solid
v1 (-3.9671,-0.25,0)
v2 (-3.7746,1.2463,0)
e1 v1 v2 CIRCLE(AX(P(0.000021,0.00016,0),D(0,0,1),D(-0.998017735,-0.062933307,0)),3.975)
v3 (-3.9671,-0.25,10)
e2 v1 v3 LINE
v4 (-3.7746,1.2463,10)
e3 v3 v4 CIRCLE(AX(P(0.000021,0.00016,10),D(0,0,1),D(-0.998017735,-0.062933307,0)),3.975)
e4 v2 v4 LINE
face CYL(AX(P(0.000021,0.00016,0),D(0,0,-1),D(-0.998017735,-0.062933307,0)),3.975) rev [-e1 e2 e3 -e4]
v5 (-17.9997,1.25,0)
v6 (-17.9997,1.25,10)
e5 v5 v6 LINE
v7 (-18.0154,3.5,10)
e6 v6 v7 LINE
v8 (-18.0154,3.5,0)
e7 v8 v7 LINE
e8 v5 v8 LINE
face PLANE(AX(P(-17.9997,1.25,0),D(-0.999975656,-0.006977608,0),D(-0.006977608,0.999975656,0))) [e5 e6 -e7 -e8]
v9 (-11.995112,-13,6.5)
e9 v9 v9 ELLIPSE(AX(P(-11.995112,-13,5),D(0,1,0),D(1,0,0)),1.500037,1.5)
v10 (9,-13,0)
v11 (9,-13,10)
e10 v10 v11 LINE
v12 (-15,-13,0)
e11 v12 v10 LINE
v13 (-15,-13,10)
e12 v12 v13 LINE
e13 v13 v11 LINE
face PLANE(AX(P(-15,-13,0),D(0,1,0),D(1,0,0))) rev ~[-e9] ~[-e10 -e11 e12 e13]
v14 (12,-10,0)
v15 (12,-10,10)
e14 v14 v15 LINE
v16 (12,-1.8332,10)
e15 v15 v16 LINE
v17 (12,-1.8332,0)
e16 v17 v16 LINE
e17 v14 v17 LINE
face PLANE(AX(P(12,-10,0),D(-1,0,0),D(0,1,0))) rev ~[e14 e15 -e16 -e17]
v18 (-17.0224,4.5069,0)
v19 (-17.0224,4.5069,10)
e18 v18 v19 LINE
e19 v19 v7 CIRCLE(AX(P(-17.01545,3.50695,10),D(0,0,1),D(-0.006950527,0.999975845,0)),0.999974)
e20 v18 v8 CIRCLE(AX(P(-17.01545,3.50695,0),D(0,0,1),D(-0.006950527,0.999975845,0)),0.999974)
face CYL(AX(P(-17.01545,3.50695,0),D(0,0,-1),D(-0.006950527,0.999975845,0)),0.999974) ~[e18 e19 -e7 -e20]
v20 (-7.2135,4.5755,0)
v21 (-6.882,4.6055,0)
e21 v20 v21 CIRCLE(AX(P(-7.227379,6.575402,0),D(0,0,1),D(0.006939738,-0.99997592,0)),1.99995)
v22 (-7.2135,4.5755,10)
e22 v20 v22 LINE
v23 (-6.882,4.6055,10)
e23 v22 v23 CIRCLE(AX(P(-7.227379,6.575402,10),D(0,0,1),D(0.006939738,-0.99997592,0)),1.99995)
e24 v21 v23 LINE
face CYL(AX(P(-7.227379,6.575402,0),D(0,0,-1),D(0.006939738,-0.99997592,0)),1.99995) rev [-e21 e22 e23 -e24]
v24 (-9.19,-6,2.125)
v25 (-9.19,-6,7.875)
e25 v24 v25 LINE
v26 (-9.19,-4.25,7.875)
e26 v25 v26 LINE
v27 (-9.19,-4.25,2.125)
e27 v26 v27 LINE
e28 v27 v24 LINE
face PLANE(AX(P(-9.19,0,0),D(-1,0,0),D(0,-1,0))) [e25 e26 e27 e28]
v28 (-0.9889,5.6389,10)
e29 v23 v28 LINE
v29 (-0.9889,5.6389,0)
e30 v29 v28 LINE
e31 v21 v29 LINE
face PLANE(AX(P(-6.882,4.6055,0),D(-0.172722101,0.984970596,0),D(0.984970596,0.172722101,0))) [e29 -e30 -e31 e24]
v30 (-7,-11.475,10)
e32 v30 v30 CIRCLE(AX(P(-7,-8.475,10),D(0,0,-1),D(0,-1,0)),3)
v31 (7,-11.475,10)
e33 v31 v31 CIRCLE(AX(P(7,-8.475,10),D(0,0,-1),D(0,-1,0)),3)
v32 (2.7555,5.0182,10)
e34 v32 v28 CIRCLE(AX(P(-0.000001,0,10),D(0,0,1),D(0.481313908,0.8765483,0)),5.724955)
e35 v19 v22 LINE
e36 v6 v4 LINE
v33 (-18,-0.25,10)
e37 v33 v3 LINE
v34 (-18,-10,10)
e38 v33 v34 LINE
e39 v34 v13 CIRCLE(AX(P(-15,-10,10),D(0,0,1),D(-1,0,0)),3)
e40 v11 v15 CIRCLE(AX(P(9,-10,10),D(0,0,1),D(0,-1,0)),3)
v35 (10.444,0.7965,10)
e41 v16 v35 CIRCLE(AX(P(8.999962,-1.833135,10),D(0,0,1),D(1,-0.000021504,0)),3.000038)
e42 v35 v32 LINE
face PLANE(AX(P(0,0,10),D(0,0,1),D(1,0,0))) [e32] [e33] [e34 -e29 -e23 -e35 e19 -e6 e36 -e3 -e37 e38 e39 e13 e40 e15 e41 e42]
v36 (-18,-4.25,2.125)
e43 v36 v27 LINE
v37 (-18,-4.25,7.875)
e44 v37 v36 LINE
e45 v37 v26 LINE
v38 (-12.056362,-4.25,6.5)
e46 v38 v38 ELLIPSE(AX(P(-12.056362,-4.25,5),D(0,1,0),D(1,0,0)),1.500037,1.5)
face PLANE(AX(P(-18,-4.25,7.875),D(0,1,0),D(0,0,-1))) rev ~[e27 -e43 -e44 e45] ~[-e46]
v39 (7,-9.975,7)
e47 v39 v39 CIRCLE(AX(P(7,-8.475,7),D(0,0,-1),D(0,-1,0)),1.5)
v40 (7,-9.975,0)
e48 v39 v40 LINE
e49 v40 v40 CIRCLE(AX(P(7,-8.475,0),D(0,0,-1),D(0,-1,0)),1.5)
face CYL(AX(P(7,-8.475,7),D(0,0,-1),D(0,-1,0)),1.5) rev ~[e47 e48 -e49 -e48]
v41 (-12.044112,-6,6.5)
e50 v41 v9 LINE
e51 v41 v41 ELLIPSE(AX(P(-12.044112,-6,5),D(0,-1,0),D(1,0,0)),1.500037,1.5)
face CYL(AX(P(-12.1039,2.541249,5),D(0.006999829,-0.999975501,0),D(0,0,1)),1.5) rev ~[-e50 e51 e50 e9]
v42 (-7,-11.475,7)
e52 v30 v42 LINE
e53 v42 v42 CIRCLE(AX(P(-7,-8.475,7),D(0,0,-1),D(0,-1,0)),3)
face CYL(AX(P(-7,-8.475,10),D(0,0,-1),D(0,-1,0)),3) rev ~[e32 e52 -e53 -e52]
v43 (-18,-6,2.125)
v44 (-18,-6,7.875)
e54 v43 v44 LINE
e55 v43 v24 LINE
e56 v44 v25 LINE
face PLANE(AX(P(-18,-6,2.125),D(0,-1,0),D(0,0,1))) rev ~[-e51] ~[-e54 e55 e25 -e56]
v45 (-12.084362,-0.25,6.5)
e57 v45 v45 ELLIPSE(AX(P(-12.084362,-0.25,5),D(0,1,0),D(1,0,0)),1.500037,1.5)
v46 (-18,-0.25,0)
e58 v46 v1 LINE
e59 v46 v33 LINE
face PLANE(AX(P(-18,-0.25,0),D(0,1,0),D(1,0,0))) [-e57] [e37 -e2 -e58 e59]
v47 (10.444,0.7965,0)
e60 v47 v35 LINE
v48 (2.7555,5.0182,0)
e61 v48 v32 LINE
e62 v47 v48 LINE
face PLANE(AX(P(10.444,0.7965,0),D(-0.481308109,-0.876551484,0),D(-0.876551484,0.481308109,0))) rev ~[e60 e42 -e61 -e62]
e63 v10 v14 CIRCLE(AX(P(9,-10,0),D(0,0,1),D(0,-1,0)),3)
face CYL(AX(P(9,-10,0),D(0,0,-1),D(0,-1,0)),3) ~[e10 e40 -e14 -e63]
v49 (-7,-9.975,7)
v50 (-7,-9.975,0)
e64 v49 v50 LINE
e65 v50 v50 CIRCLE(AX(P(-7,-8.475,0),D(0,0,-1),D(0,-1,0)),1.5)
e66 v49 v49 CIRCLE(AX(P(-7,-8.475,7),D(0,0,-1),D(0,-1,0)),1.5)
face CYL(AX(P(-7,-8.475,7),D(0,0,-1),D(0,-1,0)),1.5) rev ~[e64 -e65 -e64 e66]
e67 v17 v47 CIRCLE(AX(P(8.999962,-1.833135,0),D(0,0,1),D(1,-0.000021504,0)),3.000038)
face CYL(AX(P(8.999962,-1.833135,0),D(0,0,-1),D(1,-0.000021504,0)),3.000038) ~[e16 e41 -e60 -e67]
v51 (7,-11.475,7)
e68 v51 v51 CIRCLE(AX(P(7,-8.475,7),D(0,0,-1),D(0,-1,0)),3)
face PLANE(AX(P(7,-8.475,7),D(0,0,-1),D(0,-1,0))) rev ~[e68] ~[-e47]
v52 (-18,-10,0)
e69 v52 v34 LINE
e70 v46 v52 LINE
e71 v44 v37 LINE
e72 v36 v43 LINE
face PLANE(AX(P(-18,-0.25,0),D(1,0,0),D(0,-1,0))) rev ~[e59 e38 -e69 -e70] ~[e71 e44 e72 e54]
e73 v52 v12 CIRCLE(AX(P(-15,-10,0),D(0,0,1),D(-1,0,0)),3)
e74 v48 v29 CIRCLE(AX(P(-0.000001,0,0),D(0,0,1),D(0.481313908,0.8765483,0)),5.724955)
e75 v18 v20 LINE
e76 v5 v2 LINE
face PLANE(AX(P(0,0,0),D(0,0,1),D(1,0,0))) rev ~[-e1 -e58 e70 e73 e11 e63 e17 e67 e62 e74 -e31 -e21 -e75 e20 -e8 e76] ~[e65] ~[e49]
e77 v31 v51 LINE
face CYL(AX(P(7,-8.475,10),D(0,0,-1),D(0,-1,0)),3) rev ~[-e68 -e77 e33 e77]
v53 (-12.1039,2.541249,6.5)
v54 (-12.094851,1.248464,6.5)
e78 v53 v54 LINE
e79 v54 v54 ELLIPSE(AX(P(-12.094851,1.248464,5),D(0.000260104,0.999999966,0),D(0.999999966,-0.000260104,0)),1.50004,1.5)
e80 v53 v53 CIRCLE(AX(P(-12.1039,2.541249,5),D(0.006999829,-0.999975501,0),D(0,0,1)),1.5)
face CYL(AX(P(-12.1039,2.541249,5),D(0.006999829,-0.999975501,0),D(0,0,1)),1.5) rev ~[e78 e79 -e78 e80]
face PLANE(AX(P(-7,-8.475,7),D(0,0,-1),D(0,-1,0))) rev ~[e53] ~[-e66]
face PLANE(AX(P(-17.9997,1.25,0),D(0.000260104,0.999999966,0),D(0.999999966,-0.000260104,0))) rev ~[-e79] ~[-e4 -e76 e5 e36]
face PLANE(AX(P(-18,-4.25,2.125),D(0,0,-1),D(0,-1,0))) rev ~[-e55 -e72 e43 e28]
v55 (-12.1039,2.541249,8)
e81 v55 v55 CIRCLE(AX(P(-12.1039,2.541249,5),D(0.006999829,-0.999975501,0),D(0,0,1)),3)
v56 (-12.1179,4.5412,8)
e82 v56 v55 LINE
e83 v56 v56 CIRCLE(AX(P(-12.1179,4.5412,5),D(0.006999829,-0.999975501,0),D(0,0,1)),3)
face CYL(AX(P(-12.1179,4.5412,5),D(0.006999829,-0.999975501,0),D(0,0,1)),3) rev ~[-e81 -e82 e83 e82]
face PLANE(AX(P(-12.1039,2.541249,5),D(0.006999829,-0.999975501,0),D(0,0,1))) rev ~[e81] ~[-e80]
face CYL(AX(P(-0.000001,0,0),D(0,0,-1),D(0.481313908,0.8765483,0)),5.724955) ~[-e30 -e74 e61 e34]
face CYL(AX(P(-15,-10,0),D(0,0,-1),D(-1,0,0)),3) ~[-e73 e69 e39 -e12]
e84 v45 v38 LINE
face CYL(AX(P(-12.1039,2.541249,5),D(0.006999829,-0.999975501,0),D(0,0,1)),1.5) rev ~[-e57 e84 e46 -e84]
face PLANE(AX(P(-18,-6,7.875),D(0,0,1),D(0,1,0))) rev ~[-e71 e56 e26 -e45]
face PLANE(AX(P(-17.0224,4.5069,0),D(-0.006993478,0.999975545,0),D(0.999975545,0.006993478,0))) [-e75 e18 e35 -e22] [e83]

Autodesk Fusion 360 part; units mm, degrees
sketch "Sketch4" plane through (0, 0, 0) normal (0, 0, 1) x (1, 0, 0)
  line L0 (-17.0224, 4.5069) -> (-7.2135, 4.5755)
  line L1 (-6.882, 4.6055) -> (-0.9889, 5.6389)
  line L2 (-18, 0) -> (-17.9997, 1.25) construction
  line L3 (-17.9997, 1.25) -> (-18.0154, 3.5)
  line L4 (-18, 0) -> (-18, -0.25) construction
  line L5 (-18, -0.25) -> (-3.9671, -0.25)
  line L6 (-17.9997, 1.25) -> (-3.7746, 1.2463)
  arc A0 (2.7555, 5.0182) -> (-0.9889, 5.6389) centre (0, 0) ccw
  arc A1 (-3.9671, -0.25) -> (-3.7746, 1.2463) centre (0, 0) ccw
  line L7 (-18, -0.25) -> (-18, -10)
  line L8 (-15, -13) -> (9, -13)
  line L9 (12, -10) -> (12, -1.8332)
  line L10 (10.444, 0.7965) -> (2.7555, 5.0182)
  arc A2 (-7.2135, 4.5755) -> (-6.882, 4.6055) centre (-7.2274, 6.5754) ccw
  arc A3 (-7.2135, 4.5755) -> (-6.882, 4.6055) centre (-7.2274, 6.5754) ccw
  arc A4 (12, -1.8332) -> (10.444, 0.7965) centre (9, -1.8332) ccw
  arc A5 (9, -13) -> (12, -10) centre (9, -10) ccw
  arc A6 (-18, -10) -> (-15, -13) centre (-15, -10) ccw
  arc A7 (-17.0224, 4.5069) -> (-18.0154, 3.5) centre (-17.0154, 3.507) ccw
  point P0 (-18.0224, 4.4999)
  dimension "d18" = 7.95
  dimension "d22" = 18
  dimension "d24" = 4.5
  dimension "d26" = 1.25
  dimension "d27" = 0.25
  dimension "d28" = 2
  dimension "d29" = 3
  dimension "d30" = 3
  dimension "d31" = 1
  dimension "d56" = 1.75
extrude "Extrude2" add sketch "Sketch4" along normal blind 10 makes body 1
sketch "Sketch5" plane through (-0.0323, 4.6256, 0) normal (-0.007, 1, 0) x (-1, -0.007, 0)
  line L0 (7.1813, 0) -> (16.9905, 0)
  line L1 (16.9905, 0) -> (16.9905, 10)
  line L2 (16.9905, 10) -> (7.1813, 10)
  line L3 (7.1813, 10) -> (7.1813, 0)
  line L4 (12.0859, 10) -> (12.0859, 0) construction
  line L5 (16.9905, 5) -> (7.1813, 5) construction
hole "Hole2" at (-12.1179, 4.5412, 5) direction (0.007, -1, 0) diameter 3 end through all counterbore diameter 6 counterbore depth 2 bodies 1 1
sketch "Sketch6" plane through (0, 0, 10) normal (0, 0, 1) x (-1, 0, 0)
  line L0 (7.2135, -4.5755) -> (17.0224, -4.5069)
  arc A0 (17.0224, -4.5069) -> (18.0154, -3.5) centre (17.0154, -3.507) ccw
  line L1 (18.0154, -3.5) -> (17.9997, -1.25)
  line L2 (17.9997, -1.25) -> (3.7746, -1.2463)
  arc A1 (3.9671, 0.25) -> (3.7746, -1.2463) centre (0, 0) ccw
  line L3 (3.9671, 0.25) -> (18, 0.25)
  line L4 (18, 0.25) -> (18, 10)
  arc A2 (18, 10) -> (15, 13) centre (15, 10) ccw
  line L5 (15, 13) -> (-9, 13)
  arc A3 (-9, 13) -> (-12, 10) centre (-9, 10) ccw
  line L6 (-12, 10) -> (-12, 1.8332)
  arc A4 (-12, 1.8332) -> (-10.444, -0.7965) centre (-9, 1.8332) ccw
  line L7 (-10.444, -0.7965) -> (-2.7555, -5.0182)
  arc A5 (-2.7555, -5.0182) -> (0.9889, -5.6389) centre (0, 0) ccw
  line L8 (0.9889, -5.6389) -> (6.882, -4.6055)
  arc A6 (7.2135, -4.5755) -> (6.882, -4.6055) centre (7.2274, -6.5754) ccw
  line L9 (0, 0) -> (0, 3.975) construction
  line L10 (0, 3.975) -> (-12, 3.975) construction
  line L11 (-12, 3.975) -> (-12, 12.975) construction
  line L12 (-12, 8.475) -> (18, 8.475) construction
  line L13 (0, 3.975) -> (0, 13) construction
  line L14 (7, 8.475) -> (7, 6.4233) construction
  point P0 (-7, 8.475)
  point P1 (7, 8.475)
  dimension "d39" = 9
  dimension "d54" = 14
  dimension "d55" = 7
hole "Hole3" at (7, -8.475, 10) direction (0, 0, -1) diameter 3 end through all counterbore diameter 6 counterbore depth 3 bodies 1 1
hole "Hole4" at (-7, -8.475, 10) direction (0, 0, -1) diameter 3 end through all counterbore diameter 6 counterbore depth 3 bodies 1 1
sketch "Sketch7" plane through (-18, 0, 0) normal (-1, 0, 0) x (0, -1, 0)
  line L0 (0.25, 0) -> (10, 0)
  line L1 (10, 0) -> (10, 10)
  line L2 (10, 10) -> (0.25, 10)
  line L3 (0.25, 10) -> (0.25, 0)
  line L4 (5.125, 10) -> (5.125, 0) construction
  line L5 (10, 5) -> (0.25, 5) construction
  line L6 (6, 7.875) -> (4.25, 7.875)
  line L7 (4.25, 7.875) -> (4.25, 2.125)
  line L8 (4.25, 2.125) -> (6, 2.125)
  line L9 (6, 2.125) -> (6, 7.875)
  line L10 (6, 7.875) -> (4.25, 2.125) construction
  line L11 (4.25, 7.875) -> (6, 2.125) construction
  point P0 (5.125, 5)
  dimension "d50" = 1.75
  dimension "d51" = 5.75
extrude "Extrude3" cut sketch "Sketch7" against normal blind 8.81 contours L6 L7 L8 L9 bodies 1
copy_body "Body->Comp1" bodies 1 removing the originals makes body 2 in component "Guide Rail Clamp 1st Direction"
component "Guide Rail Clamp 1st Direction" placed x (1, 0, 0) y (0, 1, 0) z (0, 0, 1) at (0, 0, 0)
